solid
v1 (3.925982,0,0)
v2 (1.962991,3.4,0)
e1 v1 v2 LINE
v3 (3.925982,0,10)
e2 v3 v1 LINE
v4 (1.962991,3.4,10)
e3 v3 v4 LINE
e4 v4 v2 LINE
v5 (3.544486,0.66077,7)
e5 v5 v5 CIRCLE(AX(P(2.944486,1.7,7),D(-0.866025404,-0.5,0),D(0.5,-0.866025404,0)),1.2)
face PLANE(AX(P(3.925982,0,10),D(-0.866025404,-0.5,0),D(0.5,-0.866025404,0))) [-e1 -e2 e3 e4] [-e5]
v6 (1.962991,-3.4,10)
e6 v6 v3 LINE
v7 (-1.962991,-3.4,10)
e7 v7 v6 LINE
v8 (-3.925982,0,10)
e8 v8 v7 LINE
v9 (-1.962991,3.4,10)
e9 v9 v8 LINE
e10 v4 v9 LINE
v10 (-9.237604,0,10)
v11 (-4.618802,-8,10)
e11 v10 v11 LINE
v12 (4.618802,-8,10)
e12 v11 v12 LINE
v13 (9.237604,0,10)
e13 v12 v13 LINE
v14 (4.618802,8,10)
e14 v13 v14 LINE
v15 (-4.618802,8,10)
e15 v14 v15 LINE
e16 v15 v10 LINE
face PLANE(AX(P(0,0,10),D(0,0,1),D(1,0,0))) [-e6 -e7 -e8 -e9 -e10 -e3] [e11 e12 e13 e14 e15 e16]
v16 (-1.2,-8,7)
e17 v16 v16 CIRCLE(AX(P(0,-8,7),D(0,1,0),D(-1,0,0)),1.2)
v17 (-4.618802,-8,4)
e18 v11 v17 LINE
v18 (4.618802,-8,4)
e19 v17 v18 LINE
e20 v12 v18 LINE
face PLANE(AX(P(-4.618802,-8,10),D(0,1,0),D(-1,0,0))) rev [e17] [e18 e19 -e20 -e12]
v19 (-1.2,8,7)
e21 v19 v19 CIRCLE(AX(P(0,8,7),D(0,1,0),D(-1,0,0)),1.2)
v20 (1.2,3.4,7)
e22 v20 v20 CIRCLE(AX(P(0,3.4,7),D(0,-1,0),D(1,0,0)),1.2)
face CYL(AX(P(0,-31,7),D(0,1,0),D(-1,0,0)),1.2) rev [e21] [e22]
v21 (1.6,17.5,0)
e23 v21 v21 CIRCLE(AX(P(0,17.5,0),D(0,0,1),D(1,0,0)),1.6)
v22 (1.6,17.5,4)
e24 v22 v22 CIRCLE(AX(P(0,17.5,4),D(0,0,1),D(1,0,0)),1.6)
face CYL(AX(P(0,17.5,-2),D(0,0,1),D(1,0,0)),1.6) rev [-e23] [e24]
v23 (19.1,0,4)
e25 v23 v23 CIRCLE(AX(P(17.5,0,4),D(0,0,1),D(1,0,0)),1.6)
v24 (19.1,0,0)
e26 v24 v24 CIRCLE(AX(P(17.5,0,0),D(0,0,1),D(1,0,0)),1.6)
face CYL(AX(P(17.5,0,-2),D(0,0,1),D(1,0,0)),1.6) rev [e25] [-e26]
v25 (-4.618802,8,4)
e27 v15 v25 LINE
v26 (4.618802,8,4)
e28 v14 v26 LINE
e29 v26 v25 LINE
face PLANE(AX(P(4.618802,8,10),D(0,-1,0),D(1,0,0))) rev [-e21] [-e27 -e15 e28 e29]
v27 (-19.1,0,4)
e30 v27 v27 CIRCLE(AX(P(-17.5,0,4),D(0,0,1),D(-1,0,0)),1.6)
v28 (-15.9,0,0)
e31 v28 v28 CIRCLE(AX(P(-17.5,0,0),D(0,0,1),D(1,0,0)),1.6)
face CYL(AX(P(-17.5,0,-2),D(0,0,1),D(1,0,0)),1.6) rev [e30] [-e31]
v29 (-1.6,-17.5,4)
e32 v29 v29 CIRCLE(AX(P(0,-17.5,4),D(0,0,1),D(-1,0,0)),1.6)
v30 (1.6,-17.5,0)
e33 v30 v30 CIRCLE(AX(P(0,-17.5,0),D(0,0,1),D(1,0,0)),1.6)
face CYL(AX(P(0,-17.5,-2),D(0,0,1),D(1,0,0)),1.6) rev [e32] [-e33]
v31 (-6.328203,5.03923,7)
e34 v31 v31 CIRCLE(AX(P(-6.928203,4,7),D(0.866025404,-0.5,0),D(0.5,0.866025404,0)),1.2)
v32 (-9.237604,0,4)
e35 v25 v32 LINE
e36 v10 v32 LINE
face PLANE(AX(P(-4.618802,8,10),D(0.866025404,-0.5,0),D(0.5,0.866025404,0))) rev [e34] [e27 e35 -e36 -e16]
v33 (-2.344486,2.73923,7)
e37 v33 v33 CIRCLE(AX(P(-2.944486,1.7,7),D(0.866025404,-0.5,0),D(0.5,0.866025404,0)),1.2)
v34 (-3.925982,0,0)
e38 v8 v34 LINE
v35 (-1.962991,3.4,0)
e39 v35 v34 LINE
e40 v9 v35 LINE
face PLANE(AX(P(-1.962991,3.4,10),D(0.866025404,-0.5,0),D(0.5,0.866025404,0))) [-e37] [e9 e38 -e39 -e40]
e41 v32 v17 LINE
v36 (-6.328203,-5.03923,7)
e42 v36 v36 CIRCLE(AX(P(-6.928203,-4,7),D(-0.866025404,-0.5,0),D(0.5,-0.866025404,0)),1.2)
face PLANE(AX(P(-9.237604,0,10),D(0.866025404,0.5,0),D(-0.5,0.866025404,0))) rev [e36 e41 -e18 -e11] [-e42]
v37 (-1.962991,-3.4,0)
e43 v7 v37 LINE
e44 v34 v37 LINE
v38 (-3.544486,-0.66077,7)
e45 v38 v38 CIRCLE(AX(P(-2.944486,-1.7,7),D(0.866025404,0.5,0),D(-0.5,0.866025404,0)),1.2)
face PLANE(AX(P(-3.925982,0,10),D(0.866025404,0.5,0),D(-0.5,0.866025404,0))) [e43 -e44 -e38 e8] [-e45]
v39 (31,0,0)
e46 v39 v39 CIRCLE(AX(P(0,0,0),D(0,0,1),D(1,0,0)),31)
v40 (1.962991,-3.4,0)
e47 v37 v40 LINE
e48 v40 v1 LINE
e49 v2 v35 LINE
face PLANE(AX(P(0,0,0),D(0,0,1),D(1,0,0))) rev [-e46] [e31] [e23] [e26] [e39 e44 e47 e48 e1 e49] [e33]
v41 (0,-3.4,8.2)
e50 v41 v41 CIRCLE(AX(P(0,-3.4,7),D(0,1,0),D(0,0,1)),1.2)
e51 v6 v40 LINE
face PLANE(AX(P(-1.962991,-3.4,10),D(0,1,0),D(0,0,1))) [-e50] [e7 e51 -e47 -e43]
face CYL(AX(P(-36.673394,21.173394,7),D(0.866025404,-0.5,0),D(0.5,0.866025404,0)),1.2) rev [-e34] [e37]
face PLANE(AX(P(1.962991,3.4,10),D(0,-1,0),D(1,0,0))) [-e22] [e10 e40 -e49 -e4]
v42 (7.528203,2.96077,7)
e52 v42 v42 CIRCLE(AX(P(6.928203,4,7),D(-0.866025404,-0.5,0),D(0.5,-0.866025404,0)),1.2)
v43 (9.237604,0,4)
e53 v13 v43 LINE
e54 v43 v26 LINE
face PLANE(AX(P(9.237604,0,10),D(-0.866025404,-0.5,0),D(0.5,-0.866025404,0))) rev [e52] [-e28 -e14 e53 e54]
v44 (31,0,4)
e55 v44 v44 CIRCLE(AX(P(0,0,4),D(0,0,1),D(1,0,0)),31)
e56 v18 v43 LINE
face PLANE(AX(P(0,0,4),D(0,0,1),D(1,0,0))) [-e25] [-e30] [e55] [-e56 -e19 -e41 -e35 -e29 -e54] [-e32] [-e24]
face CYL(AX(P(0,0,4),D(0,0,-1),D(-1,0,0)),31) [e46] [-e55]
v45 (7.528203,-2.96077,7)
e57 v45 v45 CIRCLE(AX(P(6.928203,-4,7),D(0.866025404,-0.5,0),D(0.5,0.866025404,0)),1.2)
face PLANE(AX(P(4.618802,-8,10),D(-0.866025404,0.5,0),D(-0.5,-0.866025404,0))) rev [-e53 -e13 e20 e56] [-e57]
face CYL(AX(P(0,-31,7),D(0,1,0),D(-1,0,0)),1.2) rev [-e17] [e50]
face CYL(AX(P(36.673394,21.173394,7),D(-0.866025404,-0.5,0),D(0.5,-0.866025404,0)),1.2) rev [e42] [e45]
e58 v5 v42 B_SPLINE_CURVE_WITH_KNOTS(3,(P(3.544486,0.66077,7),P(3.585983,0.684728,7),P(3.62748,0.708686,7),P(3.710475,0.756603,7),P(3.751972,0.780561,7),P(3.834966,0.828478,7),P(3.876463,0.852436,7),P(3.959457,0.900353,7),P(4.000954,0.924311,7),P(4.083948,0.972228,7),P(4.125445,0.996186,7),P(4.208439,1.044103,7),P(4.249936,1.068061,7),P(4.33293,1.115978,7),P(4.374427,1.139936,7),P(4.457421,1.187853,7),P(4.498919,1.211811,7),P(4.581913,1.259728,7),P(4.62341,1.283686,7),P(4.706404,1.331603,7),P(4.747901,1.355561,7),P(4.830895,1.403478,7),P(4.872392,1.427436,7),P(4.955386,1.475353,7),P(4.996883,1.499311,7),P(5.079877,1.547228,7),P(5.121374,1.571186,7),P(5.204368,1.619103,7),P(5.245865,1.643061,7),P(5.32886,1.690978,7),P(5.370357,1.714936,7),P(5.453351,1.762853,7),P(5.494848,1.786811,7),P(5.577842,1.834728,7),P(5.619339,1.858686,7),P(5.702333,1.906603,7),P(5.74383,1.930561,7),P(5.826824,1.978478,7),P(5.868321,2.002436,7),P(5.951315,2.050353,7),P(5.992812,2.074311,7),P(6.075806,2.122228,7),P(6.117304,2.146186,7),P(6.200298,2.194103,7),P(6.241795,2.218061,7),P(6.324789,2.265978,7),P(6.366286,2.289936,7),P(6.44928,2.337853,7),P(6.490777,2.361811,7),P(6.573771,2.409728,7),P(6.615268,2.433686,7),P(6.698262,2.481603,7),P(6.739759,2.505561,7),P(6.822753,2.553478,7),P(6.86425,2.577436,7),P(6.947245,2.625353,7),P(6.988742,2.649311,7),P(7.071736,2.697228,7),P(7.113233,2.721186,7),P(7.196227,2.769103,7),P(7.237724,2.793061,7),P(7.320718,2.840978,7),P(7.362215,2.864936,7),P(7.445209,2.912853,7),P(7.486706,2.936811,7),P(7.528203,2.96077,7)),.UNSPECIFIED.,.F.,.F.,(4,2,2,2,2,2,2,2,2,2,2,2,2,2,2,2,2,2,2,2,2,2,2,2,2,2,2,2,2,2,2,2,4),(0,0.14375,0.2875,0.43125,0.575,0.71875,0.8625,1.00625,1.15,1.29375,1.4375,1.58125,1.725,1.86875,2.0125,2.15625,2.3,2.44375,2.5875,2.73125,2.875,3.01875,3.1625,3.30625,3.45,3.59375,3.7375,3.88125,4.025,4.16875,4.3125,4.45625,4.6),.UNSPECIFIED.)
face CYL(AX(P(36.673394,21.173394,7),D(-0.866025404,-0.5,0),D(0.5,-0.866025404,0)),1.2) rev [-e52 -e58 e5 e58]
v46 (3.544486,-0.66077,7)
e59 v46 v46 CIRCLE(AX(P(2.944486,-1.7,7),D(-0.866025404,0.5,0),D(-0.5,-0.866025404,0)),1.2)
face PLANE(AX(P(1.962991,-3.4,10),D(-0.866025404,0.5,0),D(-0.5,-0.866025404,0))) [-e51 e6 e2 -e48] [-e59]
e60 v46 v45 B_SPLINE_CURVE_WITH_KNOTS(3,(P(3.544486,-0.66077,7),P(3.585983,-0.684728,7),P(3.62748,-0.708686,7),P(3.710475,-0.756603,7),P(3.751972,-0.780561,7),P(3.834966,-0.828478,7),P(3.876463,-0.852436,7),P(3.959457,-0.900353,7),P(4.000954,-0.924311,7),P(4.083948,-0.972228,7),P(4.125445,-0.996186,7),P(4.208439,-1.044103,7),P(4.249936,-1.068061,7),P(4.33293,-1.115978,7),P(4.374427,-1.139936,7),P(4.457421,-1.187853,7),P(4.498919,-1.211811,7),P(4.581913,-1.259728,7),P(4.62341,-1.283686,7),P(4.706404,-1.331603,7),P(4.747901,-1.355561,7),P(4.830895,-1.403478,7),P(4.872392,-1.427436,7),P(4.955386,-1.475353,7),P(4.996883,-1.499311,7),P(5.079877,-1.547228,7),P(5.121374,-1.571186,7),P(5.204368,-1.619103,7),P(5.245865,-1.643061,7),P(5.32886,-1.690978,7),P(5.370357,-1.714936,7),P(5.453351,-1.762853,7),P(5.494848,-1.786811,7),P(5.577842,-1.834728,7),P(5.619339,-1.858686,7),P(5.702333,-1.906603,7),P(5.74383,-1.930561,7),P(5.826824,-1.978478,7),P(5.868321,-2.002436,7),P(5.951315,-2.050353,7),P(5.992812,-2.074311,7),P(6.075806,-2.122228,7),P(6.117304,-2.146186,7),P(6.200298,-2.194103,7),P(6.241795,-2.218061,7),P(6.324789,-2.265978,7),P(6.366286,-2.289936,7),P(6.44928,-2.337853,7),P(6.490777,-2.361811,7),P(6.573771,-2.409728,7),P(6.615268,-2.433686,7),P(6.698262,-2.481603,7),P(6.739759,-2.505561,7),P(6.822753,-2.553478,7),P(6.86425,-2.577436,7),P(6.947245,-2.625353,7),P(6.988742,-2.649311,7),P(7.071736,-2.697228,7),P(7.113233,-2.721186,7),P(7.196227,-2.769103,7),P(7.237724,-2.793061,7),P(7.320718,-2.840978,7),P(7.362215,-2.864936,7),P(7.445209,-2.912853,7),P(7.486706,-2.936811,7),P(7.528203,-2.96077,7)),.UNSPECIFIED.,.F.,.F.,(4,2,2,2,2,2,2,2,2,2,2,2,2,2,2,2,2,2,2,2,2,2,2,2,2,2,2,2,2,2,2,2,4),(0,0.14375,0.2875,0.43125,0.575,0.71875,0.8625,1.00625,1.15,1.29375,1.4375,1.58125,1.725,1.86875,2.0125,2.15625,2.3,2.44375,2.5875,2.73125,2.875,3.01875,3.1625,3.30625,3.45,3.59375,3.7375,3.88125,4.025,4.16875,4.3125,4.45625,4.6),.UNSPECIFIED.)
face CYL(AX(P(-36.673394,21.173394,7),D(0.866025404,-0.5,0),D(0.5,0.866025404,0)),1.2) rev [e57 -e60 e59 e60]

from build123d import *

# Parameters (mm, degrees)
SZKIC1_R                    = 31
DODANIE_WYCI_GNI_CIE1_DEPTH = 4
DODANIE_WYCI_GNI_CIE2_DEPTH = 6
SZKIC3_R                    = 1.2
WYTNIJ_WYCI_GNI_CIE1_DEPTH  = 51.813384064
SZYK_KO_OWY1_COUNT          = 3
SZKIC4_R                    = 1.6
WYTNIJ_WYCI_GNI_CIE2_DEPTH  = 6
WYTNIJ_WYCI_GNI_CIE3_DEPTH  = 45.24929378


with BuildPart() as part:
    # Szkic1 → Dodanie-wyciągnięcie1 (new body)
    with BuildSketch(Plane.XY):
        Circle(SZKIC1_R)
    extrude(amount=DODANIE_WYCI_GNI_CIE1_DEPTH)

    # Szkic2 → Dodanie-wyciągnięcie2 (add)
    with BuildSketch(Plane.XY.offset(4)):
        Polygon((4.618802154, 8), (-4.618802154, 8), (-9.237604307, 0), (-4.618802154, -8), (4.618802154, -8), (9.237604307, 0), align=None)
        Polygon((1.962990915, 3.4), (-1.962990915, 3.4), (-3.92598183, 0), (-1.962990915, -3.4), (1.962990915, -3.4), (3.92598183, 0), align=None, mode=Mode.SUBTRACT)
    extrude(amount=DODANIE_WYCI_GNI_CIE2_DEPTH)

    # Szkic3 → Wytnij-wyciągnięcie1 (cut, through all)
    with BuildSketch(Plane(origin=(0, 8, 0), x_dir=(1, 0, 0), z_dir=(0, 1, 0))):
        with Locations(Location((0, -7, 0), (0, 0, 180))):
            Circle(SZKIC3_R)
    wytnij_wyci_gni_cie1 = extrude(amount=-WYTNIJ_WYCI_GNI_CIE1_DEPTH, mode=Mode.SUBTRACT)

    # Szyk kołowy1: Wytnij-wyciągnięcie1 ×3 about axis
    szyk_ko_owy1_axis = Axis((0, 0, 4), (0, 0, 1))
    for i in range(1, SZYK_KO_OWY1_COUNT):
        add(wytnij_wyci_gni_cie1.rotate(szyk_ko_owy1_axis, i * 360 / SZYK_KO_OWY1_COUNT), mode=Mode.SUBTRACT)

    # Szkic4 → Wytnij-wyciągnięcie2 (cut)
    with BuildSketch(Plane.XY.offset(4)):
        with Locations((0, 17.5)):
            Circle(SZKIC4_R)
        with Locations((17.5, 0)):
            Circle(SZKIC4_R)
        with Locations((0, -17.5)):
            Circle(SZKIC4_R)
        with Locations((-17.5, 0)):
            Circle(SZKIC4_R)
    extrude(amount=-WYTNIJ_WYCI_GNI_CIE2_DEPTH, mode=Mode.SUBTRACT)

    # Szkic5 → Wytnij-wyciągnięcie3 (cut, through all)
    with BuildSketch(Plane.XY.offset(4)):
        Polygon((3.92598183, 0), (1.962990915, 3.4), (-1.962990915, 3.4), (-3.92598183, 0), (-1.962990915, -3.4), (1.962990915, -3.4), align=None)
    extrude(amount=-WYTNIJ_WYCI_GNI_CIE3_DEPTH, mode=Mode.SUBTRACT)


solid = part.part
